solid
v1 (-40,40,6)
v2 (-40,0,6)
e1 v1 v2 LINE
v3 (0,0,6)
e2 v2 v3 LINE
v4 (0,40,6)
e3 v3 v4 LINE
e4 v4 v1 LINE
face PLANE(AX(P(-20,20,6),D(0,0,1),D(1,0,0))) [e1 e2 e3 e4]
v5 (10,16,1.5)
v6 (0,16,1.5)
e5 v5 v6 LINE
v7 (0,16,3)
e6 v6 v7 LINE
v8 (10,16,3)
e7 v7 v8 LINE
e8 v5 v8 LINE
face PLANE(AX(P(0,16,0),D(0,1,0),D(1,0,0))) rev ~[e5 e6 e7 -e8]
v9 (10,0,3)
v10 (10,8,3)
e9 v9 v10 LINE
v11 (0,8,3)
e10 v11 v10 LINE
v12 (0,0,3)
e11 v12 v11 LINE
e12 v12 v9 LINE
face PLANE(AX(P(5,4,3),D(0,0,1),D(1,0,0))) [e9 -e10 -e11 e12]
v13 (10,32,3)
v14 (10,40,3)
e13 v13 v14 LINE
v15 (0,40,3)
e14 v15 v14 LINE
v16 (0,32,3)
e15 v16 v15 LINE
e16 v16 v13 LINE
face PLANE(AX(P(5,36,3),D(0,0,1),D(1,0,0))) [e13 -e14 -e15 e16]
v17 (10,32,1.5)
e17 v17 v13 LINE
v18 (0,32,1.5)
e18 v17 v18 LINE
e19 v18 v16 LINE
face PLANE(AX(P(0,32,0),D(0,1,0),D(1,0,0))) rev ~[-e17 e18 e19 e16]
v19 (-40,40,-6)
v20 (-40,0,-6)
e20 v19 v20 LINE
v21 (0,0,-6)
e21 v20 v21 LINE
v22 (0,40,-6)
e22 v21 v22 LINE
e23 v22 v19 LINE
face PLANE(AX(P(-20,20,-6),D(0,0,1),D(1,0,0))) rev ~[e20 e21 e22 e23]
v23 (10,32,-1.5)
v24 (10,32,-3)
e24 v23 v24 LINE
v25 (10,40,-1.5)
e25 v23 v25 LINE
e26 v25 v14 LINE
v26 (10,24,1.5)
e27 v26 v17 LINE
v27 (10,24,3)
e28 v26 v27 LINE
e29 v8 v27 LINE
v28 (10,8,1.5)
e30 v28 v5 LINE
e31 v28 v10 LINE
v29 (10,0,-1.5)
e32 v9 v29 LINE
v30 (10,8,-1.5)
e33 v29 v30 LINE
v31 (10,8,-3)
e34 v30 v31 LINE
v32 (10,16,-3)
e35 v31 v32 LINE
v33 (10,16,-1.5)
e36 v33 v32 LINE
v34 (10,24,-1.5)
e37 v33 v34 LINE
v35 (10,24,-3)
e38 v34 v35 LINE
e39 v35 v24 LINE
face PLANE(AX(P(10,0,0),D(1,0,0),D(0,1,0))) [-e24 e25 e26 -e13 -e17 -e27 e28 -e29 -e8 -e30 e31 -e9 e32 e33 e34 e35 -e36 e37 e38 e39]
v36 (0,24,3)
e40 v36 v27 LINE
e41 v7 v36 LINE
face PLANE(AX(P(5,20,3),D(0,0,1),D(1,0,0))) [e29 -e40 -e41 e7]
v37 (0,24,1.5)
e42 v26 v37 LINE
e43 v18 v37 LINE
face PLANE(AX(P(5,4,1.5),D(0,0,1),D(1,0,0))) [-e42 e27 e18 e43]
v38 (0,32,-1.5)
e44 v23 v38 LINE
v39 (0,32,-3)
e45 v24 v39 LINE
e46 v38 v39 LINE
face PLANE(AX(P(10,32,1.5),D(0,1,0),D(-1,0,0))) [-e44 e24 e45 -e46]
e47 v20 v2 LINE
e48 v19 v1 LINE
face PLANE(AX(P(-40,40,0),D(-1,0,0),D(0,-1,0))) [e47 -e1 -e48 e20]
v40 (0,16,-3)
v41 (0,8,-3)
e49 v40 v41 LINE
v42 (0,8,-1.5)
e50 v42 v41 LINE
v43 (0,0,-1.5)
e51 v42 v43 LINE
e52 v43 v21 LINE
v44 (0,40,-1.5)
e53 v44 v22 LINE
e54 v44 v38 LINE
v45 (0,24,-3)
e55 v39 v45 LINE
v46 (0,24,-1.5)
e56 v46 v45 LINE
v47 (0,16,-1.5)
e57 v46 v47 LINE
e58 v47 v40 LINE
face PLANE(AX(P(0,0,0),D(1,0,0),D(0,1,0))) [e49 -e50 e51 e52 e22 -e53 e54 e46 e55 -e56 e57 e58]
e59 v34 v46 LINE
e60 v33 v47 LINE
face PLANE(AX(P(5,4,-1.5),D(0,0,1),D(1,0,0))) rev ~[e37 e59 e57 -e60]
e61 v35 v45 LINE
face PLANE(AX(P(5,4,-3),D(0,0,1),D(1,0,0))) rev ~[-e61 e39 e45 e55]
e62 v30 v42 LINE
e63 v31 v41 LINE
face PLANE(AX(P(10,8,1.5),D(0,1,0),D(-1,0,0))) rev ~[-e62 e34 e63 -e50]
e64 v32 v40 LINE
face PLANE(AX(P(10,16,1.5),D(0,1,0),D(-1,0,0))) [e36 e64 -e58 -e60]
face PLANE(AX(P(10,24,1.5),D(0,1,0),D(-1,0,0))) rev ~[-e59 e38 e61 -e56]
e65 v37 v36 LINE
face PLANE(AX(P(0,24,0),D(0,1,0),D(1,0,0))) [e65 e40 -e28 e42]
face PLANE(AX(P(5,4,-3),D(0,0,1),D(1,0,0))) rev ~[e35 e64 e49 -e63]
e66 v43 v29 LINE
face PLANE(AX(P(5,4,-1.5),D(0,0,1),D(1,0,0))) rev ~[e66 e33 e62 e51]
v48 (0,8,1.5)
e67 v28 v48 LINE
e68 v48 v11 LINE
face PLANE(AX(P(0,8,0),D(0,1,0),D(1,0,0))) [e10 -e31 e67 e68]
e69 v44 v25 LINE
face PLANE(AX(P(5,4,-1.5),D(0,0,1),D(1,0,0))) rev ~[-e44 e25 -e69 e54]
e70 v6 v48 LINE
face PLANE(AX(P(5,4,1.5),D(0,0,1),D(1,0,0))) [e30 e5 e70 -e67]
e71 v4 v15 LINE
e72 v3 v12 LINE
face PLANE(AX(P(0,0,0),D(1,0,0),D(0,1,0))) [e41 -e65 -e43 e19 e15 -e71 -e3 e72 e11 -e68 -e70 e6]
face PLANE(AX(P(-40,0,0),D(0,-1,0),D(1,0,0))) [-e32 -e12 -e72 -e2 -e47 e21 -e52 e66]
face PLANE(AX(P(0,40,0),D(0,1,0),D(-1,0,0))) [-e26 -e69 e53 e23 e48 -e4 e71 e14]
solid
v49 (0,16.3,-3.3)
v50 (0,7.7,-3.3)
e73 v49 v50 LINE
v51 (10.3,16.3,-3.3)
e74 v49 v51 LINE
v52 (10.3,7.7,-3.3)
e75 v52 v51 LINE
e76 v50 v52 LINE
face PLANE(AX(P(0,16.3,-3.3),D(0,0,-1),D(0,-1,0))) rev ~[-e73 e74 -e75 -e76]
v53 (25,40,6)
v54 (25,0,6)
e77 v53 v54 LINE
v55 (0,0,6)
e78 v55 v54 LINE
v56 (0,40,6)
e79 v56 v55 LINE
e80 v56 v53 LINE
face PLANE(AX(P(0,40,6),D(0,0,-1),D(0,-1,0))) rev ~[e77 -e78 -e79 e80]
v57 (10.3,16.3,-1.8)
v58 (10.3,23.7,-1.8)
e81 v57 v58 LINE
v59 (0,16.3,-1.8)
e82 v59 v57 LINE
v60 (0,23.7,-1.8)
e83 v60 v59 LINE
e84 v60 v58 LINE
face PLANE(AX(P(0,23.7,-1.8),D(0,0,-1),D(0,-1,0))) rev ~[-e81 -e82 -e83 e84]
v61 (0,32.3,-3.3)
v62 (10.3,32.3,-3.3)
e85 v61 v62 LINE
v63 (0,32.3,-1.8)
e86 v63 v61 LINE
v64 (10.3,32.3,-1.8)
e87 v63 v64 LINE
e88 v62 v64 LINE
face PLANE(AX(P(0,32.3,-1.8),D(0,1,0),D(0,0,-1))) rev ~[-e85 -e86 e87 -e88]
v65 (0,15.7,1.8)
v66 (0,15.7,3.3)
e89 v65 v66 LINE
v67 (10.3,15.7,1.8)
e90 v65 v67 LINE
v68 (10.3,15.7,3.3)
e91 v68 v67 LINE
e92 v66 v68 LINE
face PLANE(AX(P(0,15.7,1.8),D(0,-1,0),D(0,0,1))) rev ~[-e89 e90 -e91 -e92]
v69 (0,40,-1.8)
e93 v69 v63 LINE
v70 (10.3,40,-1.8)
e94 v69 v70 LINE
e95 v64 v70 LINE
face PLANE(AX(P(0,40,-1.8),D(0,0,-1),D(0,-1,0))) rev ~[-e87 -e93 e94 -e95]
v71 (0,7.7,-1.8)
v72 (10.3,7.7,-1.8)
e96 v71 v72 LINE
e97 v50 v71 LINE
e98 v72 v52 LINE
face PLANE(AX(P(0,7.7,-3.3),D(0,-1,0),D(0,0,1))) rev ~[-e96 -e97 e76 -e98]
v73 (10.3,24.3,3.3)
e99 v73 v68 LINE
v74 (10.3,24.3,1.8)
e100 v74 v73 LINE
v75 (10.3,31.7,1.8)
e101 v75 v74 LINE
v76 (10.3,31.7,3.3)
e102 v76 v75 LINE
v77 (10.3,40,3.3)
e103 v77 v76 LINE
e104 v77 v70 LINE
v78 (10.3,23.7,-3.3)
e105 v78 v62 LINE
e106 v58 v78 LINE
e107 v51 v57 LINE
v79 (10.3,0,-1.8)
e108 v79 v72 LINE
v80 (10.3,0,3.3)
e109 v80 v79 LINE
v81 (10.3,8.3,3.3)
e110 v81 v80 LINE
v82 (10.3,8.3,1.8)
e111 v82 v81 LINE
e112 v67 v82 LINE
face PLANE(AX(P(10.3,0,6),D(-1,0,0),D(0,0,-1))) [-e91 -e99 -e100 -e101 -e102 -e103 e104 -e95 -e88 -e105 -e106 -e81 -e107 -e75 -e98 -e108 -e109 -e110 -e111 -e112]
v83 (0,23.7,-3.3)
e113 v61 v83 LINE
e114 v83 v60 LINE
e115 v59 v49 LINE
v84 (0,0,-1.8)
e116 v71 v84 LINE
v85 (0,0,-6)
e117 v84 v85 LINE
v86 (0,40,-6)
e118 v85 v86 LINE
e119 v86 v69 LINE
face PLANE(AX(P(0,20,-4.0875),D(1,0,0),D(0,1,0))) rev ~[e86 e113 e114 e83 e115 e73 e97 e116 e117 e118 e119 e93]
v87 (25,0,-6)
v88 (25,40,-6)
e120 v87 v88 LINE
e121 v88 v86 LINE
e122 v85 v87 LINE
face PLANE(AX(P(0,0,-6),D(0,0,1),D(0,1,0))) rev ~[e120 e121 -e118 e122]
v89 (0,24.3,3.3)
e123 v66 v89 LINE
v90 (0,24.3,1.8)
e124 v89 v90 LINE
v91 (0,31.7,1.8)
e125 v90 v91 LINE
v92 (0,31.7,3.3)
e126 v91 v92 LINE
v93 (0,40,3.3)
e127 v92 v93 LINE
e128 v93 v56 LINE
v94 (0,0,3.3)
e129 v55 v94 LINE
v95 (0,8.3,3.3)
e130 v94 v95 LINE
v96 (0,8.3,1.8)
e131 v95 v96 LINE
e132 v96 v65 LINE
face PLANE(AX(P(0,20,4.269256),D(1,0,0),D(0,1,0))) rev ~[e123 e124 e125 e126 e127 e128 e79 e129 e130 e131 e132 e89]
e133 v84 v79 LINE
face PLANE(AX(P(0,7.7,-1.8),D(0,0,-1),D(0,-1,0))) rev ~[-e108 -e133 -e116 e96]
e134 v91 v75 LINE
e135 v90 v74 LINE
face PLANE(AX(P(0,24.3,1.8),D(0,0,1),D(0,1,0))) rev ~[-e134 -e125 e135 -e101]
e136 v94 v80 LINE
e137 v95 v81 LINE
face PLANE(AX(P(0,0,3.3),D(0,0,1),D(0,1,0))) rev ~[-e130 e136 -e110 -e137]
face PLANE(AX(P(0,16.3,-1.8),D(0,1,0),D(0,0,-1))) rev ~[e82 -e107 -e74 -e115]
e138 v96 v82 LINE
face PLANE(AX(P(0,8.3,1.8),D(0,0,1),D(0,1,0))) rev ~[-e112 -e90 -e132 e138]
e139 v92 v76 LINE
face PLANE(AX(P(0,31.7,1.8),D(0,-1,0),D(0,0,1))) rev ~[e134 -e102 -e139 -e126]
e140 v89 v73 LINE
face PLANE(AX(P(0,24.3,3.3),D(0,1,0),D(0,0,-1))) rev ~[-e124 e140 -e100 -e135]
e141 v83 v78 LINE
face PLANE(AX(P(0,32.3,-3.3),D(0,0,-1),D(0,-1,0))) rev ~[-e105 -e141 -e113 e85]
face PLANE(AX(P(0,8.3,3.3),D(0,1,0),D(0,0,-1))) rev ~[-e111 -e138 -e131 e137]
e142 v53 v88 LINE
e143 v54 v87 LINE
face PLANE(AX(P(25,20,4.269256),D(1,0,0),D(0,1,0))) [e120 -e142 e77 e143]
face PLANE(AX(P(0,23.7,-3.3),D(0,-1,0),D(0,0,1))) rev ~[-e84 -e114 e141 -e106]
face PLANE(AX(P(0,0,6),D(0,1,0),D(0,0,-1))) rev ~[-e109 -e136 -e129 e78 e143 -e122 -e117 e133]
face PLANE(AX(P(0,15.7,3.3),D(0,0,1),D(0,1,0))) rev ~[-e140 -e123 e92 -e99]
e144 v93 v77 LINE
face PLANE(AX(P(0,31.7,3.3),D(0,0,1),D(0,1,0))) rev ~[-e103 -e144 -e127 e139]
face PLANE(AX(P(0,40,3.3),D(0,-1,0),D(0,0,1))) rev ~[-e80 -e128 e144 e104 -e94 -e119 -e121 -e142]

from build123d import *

# Parameters (mm, degrees)
F1_DEPTH = 6
F0_W     = 10
F0_H     = 8
F2_DEPTH = 1.5
F3_DEPTH = 3
F4_DEPTH = 4.5
F6_DEPTH = 25
F7_W     = 14.7
F7_H     = 7.8
F7_H_2   = 4.2
F8_DEPTH = 40


with BuildPart() as f1:
    # F0 (on Top) → F1 (new body, symmetric)
    with BuildSketch(Plane.XY):
        Polygon((0, 40), (-40, 40), (-40, 0), (0, 0), (0, 8), (0, 16), (0, 24), (0, 32), align=None)
    extrude(amount=F1_DEPTH, both=True)

    # F0 (on Top) → F2 (join, symmetric)
    with BuildSketch(Plane.XY):
        with Locations((5, 4)):
            Rectangle(F0_W, F0_H)
        with Locations((5, 20)):
            Rectangle(F0_W, F0_H)
        with Locations((5, 12)):
            Rectangle(F0_W, F0_H)
        with Locations((5, 28)):
            Rectangle(F0_W, F0_H)
        with Locations((5, 36)):
            Rectangle(F0_W, F0_H)
    extrude(amount=F2_DEPTH, both=True)

    # F0 (on Top) → F3 (join)
    with BuildSketch(Plane.XY):
        with Locations((5, 4)):
            Rectangle(F0_W, F0_H)
        with Locations((5, 20)):
            Rectangle(F0_W, F0_H)
        with Locations((5, 36)):
            Rectangle(F0_W, F0_H)
    extrude(amount=F3_DEPTH)

    # F4 (add): faces of the model
    f4_faces = [f1.faces().sort_by_distance(p)[0] for p in [
        (5, 12, 1.5),
        (5, 28, 1.5),
    ]]
    extrude(f4_faces, amount=-F4_DEPTH)


with BuildPart() as f6:
    # F5 (on face) → F6 (new body)
    with BuildSketch(Plane.YZ):
        Polygon((31.7, 3.3), (40, 3.3), (40, 6), (0, 6), (0, 3.3), (8.3, 3.3), (8.3, 1.8), (15.7, 1.8), (15.7, 3.3), (24.3, 3.3), (24.3, 1.8), (31.7, 1.8), align=None)
    extrude(amount=F6_DEPTH)



with BuildPart() as f6b:
    # F5 (on face) → F6, piece 2 (new body)
    with BuildSketch(Plane.YZ):
        Polygon((40, -6), (40, -1.8), (32.3, -1.8), (32.3, -3.3), (23.7, -3.3), (23.7, -1.8), (16.3, -1.8), (16.3, -3.3), (7.7, -3.3), (7.7, -1.8), (0, -1.8), (0, -6), align=None)
    extrude(amount=F6_DEPTH)


with BuildPart() as f6_1:
    add(f6.part)

    add(f6b.part)  # F8 merges F6b
    # F7 (on face) → F8 (join, through all)
    with BuildSketch(Plane.XZ):
        with Locations((17.65, 2.1)):
            Rectangle(F7_W, F7_H)
        with Locations((17.65, -3.9)):
            Rectangle(F7_W, F7_H_2)
    extrude(amount=-F8_DEPTH)


solid = Compound([f1.part, f6_1.part])
